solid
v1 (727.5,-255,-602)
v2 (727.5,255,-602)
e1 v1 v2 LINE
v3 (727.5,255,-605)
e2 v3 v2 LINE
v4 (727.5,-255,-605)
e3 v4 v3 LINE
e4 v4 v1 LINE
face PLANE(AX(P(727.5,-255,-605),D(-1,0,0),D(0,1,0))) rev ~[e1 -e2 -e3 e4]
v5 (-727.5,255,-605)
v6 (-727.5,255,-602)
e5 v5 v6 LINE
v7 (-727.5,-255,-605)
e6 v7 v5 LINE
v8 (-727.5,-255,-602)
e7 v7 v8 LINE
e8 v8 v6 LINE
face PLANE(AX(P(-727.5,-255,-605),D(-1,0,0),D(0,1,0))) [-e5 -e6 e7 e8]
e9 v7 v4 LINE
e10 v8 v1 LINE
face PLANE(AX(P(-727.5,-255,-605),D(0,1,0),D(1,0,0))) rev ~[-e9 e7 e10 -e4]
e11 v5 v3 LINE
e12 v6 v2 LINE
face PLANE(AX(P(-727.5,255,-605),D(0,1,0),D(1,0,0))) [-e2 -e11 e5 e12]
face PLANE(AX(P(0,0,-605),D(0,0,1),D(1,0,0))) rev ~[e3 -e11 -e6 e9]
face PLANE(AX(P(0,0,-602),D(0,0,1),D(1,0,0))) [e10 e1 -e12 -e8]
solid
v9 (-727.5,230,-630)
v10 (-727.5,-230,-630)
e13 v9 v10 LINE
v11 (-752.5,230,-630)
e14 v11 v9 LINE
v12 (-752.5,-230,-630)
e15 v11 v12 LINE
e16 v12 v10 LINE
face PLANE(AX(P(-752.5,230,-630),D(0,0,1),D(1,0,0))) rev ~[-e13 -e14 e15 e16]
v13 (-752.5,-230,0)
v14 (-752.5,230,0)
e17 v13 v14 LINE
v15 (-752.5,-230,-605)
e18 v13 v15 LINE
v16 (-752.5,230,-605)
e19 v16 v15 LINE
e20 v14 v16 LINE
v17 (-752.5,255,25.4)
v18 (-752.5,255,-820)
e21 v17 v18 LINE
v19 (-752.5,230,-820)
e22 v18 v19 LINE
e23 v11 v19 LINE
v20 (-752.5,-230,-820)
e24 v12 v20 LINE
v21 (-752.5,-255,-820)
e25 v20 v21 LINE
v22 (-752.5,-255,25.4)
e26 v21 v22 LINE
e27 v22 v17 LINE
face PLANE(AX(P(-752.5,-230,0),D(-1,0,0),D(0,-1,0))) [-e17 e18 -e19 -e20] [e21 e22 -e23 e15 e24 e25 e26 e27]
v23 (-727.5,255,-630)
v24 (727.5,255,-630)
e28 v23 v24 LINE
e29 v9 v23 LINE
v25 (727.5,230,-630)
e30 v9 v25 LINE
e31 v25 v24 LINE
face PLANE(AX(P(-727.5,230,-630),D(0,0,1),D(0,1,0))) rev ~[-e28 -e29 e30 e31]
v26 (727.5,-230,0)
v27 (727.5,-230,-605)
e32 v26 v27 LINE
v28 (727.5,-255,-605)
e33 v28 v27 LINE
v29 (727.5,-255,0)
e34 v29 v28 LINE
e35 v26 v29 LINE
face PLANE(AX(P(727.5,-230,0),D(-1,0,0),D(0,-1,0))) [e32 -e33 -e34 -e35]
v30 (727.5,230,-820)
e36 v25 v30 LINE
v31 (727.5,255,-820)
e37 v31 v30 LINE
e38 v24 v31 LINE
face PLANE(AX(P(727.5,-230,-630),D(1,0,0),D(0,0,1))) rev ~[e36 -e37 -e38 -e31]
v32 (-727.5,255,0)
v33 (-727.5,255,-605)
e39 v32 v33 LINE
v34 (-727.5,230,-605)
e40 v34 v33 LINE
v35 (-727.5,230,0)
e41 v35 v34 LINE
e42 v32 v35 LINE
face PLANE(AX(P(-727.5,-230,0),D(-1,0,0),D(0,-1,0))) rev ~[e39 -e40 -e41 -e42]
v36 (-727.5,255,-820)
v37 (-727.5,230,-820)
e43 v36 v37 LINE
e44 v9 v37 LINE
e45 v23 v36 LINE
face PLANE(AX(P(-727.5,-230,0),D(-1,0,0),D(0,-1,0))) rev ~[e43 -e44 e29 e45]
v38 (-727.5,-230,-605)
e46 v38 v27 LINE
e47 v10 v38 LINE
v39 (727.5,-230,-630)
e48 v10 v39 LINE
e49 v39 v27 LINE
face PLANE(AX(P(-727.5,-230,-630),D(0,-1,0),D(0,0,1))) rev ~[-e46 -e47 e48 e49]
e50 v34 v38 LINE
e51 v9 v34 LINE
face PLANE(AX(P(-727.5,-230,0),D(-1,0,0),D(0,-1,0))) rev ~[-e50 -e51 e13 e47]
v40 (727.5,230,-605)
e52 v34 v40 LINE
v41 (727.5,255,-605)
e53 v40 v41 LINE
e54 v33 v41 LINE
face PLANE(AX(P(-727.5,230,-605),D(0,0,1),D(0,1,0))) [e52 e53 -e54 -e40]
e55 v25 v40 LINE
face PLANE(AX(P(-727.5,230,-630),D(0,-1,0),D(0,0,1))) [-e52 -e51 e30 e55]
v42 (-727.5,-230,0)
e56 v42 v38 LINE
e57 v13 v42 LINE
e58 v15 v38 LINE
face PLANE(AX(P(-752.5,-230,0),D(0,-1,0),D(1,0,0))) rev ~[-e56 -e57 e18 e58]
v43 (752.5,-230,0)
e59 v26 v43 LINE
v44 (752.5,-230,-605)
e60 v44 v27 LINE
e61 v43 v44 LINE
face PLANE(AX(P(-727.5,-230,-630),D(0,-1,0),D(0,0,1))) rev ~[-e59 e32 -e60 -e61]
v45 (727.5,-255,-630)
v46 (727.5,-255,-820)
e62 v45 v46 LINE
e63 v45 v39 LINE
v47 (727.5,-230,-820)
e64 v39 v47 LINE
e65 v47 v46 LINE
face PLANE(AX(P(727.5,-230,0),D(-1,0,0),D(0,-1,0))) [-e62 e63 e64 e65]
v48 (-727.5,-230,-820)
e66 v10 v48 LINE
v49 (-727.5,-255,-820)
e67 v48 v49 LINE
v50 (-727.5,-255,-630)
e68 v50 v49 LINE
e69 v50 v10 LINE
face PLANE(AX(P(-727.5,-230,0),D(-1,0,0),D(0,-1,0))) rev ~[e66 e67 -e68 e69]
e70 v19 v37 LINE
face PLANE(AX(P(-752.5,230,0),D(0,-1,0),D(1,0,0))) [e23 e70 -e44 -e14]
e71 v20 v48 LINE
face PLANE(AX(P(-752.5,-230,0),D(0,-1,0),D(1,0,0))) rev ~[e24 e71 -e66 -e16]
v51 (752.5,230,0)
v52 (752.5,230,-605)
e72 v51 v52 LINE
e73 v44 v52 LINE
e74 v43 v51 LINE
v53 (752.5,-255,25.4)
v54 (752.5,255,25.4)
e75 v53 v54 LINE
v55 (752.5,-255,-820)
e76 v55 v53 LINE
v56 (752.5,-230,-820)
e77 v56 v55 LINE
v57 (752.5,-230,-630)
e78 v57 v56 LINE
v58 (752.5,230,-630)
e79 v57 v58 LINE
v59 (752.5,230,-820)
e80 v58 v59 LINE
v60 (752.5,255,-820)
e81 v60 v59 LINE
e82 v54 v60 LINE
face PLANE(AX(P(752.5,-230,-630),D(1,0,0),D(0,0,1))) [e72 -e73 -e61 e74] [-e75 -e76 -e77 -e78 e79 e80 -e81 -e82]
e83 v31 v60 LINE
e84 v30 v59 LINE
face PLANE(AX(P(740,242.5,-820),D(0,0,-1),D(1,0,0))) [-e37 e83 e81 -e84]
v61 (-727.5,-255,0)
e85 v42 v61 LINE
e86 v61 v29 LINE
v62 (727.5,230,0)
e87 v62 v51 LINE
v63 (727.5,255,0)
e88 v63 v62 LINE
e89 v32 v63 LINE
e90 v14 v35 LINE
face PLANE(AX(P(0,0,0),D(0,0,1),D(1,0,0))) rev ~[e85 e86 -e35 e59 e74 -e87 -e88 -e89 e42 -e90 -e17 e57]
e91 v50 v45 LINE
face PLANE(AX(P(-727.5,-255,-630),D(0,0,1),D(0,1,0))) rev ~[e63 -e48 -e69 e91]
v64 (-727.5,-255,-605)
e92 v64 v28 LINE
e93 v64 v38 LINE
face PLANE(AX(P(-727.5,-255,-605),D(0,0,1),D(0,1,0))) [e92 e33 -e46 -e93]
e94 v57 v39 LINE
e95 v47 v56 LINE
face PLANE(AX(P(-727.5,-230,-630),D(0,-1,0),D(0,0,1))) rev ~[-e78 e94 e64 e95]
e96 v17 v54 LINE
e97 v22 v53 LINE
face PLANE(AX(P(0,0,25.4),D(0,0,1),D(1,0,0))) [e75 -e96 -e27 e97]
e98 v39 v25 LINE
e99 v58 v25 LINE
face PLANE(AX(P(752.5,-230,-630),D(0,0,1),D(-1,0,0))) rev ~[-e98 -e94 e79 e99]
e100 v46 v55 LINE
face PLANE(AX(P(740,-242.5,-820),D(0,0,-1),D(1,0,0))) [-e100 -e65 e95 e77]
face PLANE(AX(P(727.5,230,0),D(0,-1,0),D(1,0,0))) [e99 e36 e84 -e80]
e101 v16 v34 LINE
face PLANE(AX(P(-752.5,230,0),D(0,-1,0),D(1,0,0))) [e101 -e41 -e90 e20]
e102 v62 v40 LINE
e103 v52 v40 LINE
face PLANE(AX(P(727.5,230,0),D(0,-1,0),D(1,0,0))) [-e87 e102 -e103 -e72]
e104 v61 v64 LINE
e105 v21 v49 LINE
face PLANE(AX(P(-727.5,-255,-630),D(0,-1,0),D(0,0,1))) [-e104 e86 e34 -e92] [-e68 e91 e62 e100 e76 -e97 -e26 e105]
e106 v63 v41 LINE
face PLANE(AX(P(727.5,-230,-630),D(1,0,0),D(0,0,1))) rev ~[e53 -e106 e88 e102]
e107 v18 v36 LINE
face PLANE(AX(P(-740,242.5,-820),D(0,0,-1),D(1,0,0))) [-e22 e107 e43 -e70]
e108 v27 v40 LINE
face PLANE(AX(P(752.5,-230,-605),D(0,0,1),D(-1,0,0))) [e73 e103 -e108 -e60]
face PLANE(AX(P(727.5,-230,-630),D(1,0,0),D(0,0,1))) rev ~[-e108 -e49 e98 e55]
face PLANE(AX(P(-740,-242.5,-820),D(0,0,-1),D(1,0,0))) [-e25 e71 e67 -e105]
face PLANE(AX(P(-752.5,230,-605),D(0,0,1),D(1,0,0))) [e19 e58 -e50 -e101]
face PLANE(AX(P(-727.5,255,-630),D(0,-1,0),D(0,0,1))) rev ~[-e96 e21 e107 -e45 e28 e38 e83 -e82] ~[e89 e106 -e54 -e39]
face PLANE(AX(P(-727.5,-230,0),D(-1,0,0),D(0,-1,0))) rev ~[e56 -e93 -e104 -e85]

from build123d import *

# Parameters (mm, degrees)
F0_W      = 1505
F0_H      = 510
F1_DEPTH  = 25.4
F2_W      = 25
F2_H      = 25
F3_DEPTH  = 820
F4_W      = 25
F4_H      = 25
F5_DEPTH  = 460
F6_W      = 25
F6_H      = 25
F7_DEPTH  = 1455
F8_W      = 25
F8_H      = 25
F9_DEPTH  = 460
F10_W     = 25
F10_H     = 25
F11_DEPTH = 1455
F12_W     = 1455
F12_H     = 510
F13_DEPTH = 3


with BuildPart() as f1:
    # F0 (on Top) → F1 (new body)
    with BuildSketch(Plane.XY):
        Rectangle(F0_W, F0_H)
    extrude(amount=F1_DEPTH)

    # F2 (on face) → F3 (join)
    with BuildSketch(Plane(origin=(0, 0, 0), x_dir=(1, 0, 0), z_dir=(0, 0, -1))):
        with Locations((-740, 242.5)):
            Rectangle(F2_W, F2_H)
        with Locations((-740, -242.5)):
            Rectangle(F2_W, F2_H)
        with Locations((740, 242.5)):
            Rectangle(F2_W, F2_H)
        with Locations((740, -242.5)):
            Rectangle(F2_W, F2_H)
    extrude(amount=F3_DEPTH)

    # F4 (on face) → F5 (join, through all)
    with BuildSketch(Plane.XZ.offset(-230)):
        with Locations((-740, -617.5)):
            Rectangle(F4_W, F4_H)
    extrude(amount=F5_DEPTH)

    # F6 (on face) → F7 (join, through all)
    with BuildSketch(Plane.YZ.offset(-727.5)):
        with Locations((-242.5, -617.5)):
            Rectangle(F6_W, F6_H)
    extrude(amount=F7_DEPTH)

    # F8 (on face) → F9 (join, through all)
    with BuildSketch(Plane(origin=(0, -230, 0), x_dir=(-1, 0, 0), z_dir=(0, 1, 0))):
        with Locations((-740, -617.5)):
            Rectangle(F8_W, F8_H)
    extrude(amount=F9_DEPTH)

    # F10 (on face) → F11 (join, through all)
    with BuildSketch(Plane.YZ.offset(-727.5)):
        with Locations((242.5, -617.5)):
            Rectangle(F10_W, F10_H)
    extrude(amount=F11_DEPTH)


with BuildPart() as f13:
    # F12 (on face) → F13 (new body)
    with BuildSketch(Plane.XY.offset(-605)):
        Rectangle(F12_W, F12_H)
    extrude(amount=F13_DEPTH)


solid = Compound([f1.part, f13.part])
